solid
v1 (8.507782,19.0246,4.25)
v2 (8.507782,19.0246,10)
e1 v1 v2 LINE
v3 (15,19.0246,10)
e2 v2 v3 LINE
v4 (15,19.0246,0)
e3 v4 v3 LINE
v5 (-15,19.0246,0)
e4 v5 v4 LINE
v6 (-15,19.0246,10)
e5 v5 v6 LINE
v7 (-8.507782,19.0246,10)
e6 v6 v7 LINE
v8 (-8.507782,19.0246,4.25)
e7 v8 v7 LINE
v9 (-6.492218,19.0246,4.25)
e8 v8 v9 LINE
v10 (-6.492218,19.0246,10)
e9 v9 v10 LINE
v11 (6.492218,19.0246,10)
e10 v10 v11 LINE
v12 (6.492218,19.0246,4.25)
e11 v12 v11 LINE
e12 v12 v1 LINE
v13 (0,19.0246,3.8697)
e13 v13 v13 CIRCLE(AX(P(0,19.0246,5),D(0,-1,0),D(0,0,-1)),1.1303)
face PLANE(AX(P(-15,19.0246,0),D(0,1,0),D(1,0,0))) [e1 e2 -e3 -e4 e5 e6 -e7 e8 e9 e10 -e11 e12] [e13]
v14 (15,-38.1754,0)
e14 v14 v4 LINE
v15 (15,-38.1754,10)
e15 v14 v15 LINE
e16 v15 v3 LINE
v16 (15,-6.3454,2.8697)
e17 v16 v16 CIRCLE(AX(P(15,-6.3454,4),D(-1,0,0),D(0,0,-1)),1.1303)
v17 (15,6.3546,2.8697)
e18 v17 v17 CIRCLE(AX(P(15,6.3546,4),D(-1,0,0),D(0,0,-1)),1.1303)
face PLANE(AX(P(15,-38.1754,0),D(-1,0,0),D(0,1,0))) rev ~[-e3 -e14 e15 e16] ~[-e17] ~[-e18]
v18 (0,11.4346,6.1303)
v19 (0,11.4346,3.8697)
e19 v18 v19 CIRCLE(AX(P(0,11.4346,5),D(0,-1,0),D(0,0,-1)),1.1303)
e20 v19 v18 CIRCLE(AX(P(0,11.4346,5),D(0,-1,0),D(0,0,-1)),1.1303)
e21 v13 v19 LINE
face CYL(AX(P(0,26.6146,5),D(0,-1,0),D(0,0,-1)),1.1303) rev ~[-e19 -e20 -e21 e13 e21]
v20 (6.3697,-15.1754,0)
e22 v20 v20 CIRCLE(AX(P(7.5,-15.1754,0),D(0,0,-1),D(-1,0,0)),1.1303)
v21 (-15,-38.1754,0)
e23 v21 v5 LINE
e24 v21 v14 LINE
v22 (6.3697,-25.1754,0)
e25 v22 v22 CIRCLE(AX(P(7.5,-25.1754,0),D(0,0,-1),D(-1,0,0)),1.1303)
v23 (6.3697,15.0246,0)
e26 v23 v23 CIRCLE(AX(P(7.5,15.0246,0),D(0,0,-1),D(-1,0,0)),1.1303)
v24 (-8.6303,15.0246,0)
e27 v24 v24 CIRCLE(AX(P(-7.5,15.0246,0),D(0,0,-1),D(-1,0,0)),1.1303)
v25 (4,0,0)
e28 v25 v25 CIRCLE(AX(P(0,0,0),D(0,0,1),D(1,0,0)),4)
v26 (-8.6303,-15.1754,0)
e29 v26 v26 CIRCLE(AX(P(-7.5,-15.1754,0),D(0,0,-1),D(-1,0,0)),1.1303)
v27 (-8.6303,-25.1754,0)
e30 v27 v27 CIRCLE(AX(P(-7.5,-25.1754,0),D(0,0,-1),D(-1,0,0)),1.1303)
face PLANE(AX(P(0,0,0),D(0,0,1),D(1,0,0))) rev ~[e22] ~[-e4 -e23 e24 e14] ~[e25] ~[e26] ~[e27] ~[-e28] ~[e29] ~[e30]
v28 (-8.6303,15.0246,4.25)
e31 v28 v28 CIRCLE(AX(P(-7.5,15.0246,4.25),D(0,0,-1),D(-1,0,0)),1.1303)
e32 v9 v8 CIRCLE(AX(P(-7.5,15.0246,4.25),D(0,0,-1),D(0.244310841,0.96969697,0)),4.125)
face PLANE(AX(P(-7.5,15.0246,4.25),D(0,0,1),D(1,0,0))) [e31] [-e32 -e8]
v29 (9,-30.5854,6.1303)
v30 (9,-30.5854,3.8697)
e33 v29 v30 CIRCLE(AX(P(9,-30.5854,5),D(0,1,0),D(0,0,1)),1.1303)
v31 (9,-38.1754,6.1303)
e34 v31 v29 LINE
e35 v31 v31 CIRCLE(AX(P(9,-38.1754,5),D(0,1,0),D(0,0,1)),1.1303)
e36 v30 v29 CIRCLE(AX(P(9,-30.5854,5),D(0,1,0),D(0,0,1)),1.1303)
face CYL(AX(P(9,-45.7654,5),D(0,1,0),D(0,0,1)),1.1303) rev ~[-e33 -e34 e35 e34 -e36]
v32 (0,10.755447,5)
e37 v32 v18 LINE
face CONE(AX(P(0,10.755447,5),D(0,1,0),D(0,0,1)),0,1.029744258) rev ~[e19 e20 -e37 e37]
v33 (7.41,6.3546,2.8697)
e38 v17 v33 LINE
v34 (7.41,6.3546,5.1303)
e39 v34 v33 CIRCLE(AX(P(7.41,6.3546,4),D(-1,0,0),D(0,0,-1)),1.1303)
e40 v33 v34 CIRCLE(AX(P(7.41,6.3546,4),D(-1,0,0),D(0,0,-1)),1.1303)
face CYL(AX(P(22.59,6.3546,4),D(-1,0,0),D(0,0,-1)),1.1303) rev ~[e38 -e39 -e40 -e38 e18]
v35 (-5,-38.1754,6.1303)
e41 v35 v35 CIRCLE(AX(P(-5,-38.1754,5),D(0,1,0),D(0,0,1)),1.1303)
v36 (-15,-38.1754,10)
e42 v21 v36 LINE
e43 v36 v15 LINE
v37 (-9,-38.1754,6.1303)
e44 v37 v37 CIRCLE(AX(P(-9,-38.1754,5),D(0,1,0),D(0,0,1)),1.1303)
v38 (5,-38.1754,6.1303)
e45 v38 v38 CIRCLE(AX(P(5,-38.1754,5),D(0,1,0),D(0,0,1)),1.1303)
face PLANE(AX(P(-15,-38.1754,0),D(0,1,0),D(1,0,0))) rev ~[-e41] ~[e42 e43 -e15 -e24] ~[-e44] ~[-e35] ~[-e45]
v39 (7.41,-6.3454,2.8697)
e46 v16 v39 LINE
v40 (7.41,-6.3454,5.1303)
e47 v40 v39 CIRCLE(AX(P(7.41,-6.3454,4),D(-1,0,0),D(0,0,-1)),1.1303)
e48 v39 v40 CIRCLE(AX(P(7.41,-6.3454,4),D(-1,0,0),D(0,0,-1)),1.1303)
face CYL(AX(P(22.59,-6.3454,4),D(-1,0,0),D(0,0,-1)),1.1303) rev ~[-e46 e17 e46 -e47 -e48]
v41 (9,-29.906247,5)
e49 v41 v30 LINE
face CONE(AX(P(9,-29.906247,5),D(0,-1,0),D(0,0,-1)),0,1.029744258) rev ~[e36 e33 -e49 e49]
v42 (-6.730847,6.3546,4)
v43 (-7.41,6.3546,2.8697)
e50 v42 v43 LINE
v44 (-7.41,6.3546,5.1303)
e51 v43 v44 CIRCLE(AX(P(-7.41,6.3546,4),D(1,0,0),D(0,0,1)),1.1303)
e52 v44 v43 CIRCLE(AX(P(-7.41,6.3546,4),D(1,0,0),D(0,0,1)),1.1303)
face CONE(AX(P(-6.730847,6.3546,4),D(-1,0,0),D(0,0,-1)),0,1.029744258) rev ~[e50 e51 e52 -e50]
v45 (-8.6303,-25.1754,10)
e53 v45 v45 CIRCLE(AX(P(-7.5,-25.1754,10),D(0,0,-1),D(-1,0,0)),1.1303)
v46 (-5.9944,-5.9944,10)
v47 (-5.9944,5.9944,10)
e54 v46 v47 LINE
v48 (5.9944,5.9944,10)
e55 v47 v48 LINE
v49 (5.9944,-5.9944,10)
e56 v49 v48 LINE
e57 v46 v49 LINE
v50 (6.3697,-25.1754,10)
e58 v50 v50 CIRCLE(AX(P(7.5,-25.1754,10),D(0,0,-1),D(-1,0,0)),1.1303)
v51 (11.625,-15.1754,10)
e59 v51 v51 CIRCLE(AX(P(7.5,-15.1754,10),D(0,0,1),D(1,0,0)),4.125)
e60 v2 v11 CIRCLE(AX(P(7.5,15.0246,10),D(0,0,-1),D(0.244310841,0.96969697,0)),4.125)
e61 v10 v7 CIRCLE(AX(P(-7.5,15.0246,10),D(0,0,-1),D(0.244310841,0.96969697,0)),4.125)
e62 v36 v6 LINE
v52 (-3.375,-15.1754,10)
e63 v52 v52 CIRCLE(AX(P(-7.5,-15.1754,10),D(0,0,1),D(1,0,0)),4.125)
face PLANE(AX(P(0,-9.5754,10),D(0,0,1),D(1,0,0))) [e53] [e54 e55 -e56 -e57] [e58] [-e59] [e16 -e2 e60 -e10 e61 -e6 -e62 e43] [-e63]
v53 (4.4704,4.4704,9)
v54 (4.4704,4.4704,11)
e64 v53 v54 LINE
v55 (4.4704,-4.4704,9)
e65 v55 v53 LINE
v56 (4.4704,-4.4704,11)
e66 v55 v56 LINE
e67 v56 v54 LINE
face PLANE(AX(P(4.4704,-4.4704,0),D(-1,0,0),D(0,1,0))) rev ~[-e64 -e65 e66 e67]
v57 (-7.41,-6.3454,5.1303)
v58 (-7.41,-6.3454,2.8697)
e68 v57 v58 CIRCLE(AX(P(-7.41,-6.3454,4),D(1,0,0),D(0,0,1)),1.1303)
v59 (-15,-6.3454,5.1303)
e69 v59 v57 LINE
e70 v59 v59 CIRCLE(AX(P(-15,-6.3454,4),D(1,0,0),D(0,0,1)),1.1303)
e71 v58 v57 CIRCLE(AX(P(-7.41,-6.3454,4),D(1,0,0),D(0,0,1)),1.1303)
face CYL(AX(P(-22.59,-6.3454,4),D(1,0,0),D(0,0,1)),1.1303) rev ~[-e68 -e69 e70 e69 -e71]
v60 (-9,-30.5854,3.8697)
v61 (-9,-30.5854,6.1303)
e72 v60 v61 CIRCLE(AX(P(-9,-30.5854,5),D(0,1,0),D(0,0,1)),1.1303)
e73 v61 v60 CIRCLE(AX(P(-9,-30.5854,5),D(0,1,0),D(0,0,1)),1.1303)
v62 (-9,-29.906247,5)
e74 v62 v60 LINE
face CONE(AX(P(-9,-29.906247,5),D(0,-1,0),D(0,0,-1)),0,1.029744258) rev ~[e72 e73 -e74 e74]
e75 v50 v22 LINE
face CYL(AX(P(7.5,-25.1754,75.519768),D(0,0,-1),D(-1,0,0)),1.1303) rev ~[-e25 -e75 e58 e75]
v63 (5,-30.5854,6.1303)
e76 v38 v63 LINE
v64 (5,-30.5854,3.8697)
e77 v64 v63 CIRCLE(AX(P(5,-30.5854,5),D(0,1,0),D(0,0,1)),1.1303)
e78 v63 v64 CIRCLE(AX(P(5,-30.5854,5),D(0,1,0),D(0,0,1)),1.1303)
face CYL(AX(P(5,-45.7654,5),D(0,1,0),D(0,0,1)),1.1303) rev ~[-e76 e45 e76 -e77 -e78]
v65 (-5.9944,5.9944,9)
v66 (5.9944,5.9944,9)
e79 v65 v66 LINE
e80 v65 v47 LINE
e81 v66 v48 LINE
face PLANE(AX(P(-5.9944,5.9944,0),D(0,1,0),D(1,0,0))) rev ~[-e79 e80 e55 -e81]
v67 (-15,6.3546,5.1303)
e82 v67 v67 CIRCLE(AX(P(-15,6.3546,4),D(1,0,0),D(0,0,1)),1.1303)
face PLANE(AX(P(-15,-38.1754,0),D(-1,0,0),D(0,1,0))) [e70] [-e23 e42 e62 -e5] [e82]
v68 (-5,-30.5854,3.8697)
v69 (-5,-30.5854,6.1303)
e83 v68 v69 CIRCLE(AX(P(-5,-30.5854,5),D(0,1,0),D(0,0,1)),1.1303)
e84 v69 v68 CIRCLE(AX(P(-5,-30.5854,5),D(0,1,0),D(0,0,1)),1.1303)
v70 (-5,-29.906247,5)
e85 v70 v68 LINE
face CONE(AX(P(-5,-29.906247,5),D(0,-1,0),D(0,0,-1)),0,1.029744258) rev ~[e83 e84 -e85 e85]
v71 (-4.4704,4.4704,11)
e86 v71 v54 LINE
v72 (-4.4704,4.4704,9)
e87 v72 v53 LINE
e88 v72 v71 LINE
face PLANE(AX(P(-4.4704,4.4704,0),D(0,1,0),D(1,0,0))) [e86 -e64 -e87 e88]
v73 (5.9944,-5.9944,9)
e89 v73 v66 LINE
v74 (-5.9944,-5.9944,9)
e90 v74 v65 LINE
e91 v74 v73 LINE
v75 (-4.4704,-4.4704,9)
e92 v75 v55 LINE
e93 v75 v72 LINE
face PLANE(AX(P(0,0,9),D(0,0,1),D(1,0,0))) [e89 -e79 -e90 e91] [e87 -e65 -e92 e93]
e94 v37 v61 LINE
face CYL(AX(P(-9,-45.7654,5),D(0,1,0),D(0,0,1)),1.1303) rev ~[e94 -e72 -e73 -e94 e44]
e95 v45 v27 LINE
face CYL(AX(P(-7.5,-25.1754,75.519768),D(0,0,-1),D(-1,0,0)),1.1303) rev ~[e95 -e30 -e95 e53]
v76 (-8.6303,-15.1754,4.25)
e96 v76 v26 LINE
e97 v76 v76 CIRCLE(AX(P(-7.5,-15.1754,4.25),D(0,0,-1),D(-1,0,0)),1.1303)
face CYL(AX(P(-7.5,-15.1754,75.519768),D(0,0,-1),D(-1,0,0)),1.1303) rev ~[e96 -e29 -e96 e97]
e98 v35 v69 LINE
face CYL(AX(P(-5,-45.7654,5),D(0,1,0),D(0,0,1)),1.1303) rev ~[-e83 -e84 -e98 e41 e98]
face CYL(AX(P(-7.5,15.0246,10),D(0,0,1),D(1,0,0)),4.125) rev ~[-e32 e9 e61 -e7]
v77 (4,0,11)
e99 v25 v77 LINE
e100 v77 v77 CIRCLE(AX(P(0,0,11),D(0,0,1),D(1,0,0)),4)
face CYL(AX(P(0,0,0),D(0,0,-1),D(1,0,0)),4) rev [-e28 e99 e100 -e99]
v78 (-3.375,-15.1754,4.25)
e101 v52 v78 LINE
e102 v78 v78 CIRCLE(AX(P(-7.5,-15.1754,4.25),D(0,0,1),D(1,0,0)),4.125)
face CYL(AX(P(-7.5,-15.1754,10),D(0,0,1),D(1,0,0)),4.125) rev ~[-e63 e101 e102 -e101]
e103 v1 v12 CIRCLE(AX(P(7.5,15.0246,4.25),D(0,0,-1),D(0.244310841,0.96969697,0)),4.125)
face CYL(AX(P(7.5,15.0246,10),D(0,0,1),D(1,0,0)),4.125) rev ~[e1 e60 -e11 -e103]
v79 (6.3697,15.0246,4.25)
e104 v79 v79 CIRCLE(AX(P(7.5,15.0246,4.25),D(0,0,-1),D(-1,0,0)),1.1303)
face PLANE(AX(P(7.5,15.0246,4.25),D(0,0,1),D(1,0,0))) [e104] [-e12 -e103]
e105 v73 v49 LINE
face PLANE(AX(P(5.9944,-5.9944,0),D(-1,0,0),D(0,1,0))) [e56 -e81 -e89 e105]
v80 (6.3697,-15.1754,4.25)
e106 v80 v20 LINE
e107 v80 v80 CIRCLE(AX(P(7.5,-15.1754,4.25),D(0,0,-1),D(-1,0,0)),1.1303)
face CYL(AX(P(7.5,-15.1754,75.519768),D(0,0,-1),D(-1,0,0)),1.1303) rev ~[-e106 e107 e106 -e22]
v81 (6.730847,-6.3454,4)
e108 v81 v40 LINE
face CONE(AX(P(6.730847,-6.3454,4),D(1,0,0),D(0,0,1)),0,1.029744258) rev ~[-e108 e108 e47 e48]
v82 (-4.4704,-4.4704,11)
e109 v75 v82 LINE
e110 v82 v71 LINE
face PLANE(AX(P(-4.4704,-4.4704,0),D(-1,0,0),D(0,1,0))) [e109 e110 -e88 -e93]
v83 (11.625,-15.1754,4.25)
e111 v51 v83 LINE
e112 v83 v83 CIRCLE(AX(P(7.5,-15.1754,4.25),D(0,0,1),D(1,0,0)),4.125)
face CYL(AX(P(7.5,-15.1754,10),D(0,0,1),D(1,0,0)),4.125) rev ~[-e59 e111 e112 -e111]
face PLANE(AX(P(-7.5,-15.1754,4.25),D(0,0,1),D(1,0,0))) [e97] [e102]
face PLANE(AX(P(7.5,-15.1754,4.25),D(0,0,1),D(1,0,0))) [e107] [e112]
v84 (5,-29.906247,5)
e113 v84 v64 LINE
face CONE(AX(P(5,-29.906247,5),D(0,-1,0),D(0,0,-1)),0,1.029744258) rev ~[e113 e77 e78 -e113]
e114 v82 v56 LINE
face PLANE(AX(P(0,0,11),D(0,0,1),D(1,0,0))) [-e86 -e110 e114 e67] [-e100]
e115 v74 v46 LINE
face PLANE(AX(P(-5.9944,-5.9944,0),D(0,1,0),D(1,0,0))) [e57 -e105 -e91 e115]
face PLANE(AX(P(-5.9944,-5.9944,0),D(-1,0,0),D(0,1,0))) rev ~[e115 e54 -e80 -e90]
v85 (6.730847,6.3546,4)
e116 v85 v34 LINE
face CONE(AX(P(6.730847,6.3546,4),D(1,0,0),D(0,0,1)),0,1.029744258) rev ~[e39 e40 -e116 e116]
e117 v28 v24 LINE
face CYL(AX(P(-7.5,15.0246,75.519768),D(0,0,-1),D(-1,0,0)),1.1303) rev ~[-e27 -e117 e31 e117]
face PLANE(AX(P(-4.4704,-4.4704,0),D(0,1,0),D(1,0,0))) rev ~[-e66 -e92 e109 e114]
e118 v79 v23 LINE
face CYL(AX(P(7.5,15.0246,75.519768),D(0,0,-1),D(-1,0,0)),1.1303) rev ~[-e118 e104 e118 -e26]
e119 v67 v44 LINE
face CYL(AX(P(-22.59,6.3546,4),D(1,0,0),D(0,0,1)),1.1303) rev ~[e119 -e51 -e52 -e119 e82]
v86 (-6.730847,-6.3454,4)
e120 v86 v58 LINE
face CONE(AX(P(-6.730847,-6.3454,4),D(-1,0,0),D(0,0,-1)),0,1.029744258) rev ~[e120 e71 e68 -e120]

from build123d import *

# Parameters (mm, degrees)
SKETCH1_W                           = 30
SKETCH1_H                           = 57.2
SKETCH1_W_2                         = 11.9888
SKETCH1_H_2                         = 11.9888
BOSS_EXTRUDE1_DEPTH                 = 10
SKETCH1_7_W                         = 11.9888
SKETCH1_7_H                         = 11.9888
SKETCH1_7_W_2                       = 8.9408
SKETCH1_7_H_2                       = 8.9408
BOSS_EXTRUDE2_DEPTH                 = 9
SKETCH1_8_W                         = 8.9408
SKETCH1_8_H                         = 8.9408
SKETCH1_8_R                         = 4
BOSS_EXTRUDE3_DEPTH                 = 11
F_4_40_TAPPED_HOLE1_D               = 2.2606
CUT_EXTRUDE1_START                  = 10
SKETCH3_R                           = 4.125
CUT_EXTRUDE1_DEPTH                  = 5.75
F_4_40_TAPPED_HOLE2_D               = 2.2606
F_4_40_TAPPED_HOLE2_DEPTH           = 7.59
F_4_40_TAPPED_HOLE2_TIP             = 0.679152758
F_4_40_TAPPED_HOLE2_ON_FACE_2_D     = 2.2606
F_4_40_TAPPED_HOLE2_ON_FACE_2_DEPTH = 7.59
F_4_40_TAPPED_HOLE2_ON_FACE_2_TIP   = 0.679152758
F_4_40_TAPPED_HOLE2_ON_FACE_3_D     = 2.2606
F_4_40_TAPPED_HOLE2_ON_FACE_3_DEPTH = 7.59
F_4_40_TAPPED_HOLE2_ON_FACE_3_TIP   = 0.679152758
F_4_40_TAPPED_HOLE2_ON_FACE_4_D     = 2.2606
F_4_40_TAPPED_HOLE2_ON_FACE_4_DEPTH = 7.59
F_4_40_TAPPED_HOLE2_ON_FACE_4_TIP   = 0.679152758


with BuildPart() as part:
    # Sketch1 → Boss-Extrude1 (new body)
    with BuildSketch(Plane.XY):
        with Locations((0, -9.5754)):
            Rectangle(SKETCH1_W, SKETCH1_H)
        Rectangle(SKETCH1_W_2, SKETCH1_H_2, mode=Mode.SUBTRACT)
    extrude(amount=BOSS_EXTRUDE1_DEPTH)

    # Sketch1<7> → Boss-Extrude2 (add)
    with BuildSketch(Plane.XY):
        Rectangle(SKETCH1_7_W, SKETCH1_7_H)
        Rectangle(SKETCH1_7_W_2, SKETCH1_7_H_2, mode=Mode.SUBTRACT)
    extrude(amount=BOSS_EXTRUDE2_DEPTH)

    # Sketch1<8> → Boss-Extrude3 (add)
    with BuildSketch(Plane.XY):
        Rectangle(SKETCH1_8_W, SKETCH1_8_H)
        Circle(SKETCH1_8_R, mode=Mode.SUBTRACT)
    extrude(amount=BOSS_EXTRUDE3_DEPTH)

    # #4-40 Tapped Hole1 (through all)
    with Locations(Plane(origin=(-7.5, 15.0246, 10), x_dir=(1, 0, 0), z_dir=(0, 0, 1))):
        with Locations((0, 0), (15, 0), (0, -30.2), (0, -40.2), (15, -30.2), (15, -40.2)):
            Hole(F_4_40_TAPPED_HOLE1_D / 2)

    # Sketch3 → Cut-Extrude1 (cut)
    with BuildSketch(Plane.XY.offset(CUT_EXTRUDE1_START)):
        with Locations((7.5, -15.1754)):
            Circle(SKETCH3_R)
        Polygon((4.325, -17.008487105), (4.325, -13.342312895), (7.5, -11.509225791), (10.675, -13.342312895), (10.675, -17.008487105), (7.5, -18.841574209), align=None, mode=Mode.SUBTRACT)
        Polygon((4.325, -13.342312895), (7.5, -11.509225791), (10.675, -13.342312895), (10.675, -17.008487105), (7.5, -18.841574209), (4.325, -17.008487105), align=None)
        with Locations((7.5, 15.0246)):
            Circle(SKETCH3_R)
        with Locations((-7.5, 15.0246)):
            Circle(SKETCH3_R)
        with Locations((-7.5, -15.1754)):
            Circle(SKETCH3_R)
    extrude(amount=-CUT_EXTRUDE1_DEPTH, mode=Mode.SUBTRACT)

    # #4-40 Tapped Hole2
    with Locations(Plane(origin=(9, -38.1754, 5), x_dir=(0, 0, -1), z_dir=(0, -1, 0))):
        with Locations((0, 0), (0, -18), (0, -14), (0, -4)):
            Hole(F_4_40_TAPPED_HOLE2_D / 2, depth=F_4_40_TAPPED_HOLE2_DEPTH)
            with Locations((0, 0, -(F_4_40_TAPPED_HOLE2_DEPTH + F_4_40_TAPPED_HOLE2_TIP / 2))):  # 118° drill point
                Cone(0, F_4_40_TAPPED_HOLE2_D / 2, F_4_40_TAPPED_HOLE2_TIP, mode=Mode.SUBTRACT)

    # #4-40 Tapped Hole2 on face 2
    with Locations(Plane(origin=(0, 19.0246, 5), x_dir=(0, 0, 1), z_dir=(0, 1, 0))):
        with Locations((0, 0)):
            Hole(F_4_40_TAPPED_HOLE2_ON_FACE_2_D / 2, depth=F_4_40_TAPPED_HOLE2_ON_FACE_2_DEPTH)
            with Locations((0, 0, -(F_4_40_TAPPED_HOLE2_ON_FACE_2_DEPTH + F_4_40_TAPPED_HOLE2_ON_FACE_2_TIP / 2))):  # 118° drill point
                Cone(0, F_4_40_TAPPED_HOLE2_ON_FACE_2_D / 2, F_4_40_TAPPED_HOLE2_ON_FACE_2_TIP, mode=Mode.SUBTRACT)

    # #4-40 Tapped Hole2 on face 3
    with Locations(Plane(origin=(15, 6.3546, 4), x_dir=(0, 0, 1), z_dir=(1, 0, 0))):
        with Locations((0, 0), (0, 12.7)):
            Hole(F_4_40_TAPPED_HOLE2_ON_FACE_3_D / 2, depth=F_4_40_TAPPED_HOLE2_ON_FACE_3_DEPTH)
            with Locations((0, 0, -(F_4_40_TAPPED_HOLE2_ON_FACE_3_DEPTH + F_4_40_TAPPED_HOLE2_ON_FACE_3_TIP / 2))):  # 118° drill point
                Cone(0, F_4_40_TAPPED_HOLE2_ON_FACE_3_D / 2, F_4_40_TAPPED_HOLE2_ON_FACE_3_TIP, mode=Mode.SUBTRACT)

    # #4-40 Tapped Hole2 on face 4
    with Locations(Plane(origin=(-15, 6.3546, 4), x_dir=(0, 0, -1), z_dir=(-1, 0, 0))):
        with Locations((0, 0), (0, 12.7)):
            Hole(F_4_40_TAPPED_HOLE2_ON_FACE_4_D / 2, depth=F_4_40_TAPPED_HOLE2_ON_FACE_4_DEPTH)
            with Locations((0, 0, -(F_4_40_TAPPED_HOLE2_ON_FACE_4_DEPTH + F_4_40_TAPPED_HOLE2_ON_FACE_4_TIP / 2))):  # 118° drill point
                Cone(0, F_4_40_TAPPED_HOLE2_ON_FACE_4_D / 2, F_4_40_TAPPED_HOLE2_ON_FACE_4_TIP, mode=Mode.SUBTRACT)


solid = part.part
